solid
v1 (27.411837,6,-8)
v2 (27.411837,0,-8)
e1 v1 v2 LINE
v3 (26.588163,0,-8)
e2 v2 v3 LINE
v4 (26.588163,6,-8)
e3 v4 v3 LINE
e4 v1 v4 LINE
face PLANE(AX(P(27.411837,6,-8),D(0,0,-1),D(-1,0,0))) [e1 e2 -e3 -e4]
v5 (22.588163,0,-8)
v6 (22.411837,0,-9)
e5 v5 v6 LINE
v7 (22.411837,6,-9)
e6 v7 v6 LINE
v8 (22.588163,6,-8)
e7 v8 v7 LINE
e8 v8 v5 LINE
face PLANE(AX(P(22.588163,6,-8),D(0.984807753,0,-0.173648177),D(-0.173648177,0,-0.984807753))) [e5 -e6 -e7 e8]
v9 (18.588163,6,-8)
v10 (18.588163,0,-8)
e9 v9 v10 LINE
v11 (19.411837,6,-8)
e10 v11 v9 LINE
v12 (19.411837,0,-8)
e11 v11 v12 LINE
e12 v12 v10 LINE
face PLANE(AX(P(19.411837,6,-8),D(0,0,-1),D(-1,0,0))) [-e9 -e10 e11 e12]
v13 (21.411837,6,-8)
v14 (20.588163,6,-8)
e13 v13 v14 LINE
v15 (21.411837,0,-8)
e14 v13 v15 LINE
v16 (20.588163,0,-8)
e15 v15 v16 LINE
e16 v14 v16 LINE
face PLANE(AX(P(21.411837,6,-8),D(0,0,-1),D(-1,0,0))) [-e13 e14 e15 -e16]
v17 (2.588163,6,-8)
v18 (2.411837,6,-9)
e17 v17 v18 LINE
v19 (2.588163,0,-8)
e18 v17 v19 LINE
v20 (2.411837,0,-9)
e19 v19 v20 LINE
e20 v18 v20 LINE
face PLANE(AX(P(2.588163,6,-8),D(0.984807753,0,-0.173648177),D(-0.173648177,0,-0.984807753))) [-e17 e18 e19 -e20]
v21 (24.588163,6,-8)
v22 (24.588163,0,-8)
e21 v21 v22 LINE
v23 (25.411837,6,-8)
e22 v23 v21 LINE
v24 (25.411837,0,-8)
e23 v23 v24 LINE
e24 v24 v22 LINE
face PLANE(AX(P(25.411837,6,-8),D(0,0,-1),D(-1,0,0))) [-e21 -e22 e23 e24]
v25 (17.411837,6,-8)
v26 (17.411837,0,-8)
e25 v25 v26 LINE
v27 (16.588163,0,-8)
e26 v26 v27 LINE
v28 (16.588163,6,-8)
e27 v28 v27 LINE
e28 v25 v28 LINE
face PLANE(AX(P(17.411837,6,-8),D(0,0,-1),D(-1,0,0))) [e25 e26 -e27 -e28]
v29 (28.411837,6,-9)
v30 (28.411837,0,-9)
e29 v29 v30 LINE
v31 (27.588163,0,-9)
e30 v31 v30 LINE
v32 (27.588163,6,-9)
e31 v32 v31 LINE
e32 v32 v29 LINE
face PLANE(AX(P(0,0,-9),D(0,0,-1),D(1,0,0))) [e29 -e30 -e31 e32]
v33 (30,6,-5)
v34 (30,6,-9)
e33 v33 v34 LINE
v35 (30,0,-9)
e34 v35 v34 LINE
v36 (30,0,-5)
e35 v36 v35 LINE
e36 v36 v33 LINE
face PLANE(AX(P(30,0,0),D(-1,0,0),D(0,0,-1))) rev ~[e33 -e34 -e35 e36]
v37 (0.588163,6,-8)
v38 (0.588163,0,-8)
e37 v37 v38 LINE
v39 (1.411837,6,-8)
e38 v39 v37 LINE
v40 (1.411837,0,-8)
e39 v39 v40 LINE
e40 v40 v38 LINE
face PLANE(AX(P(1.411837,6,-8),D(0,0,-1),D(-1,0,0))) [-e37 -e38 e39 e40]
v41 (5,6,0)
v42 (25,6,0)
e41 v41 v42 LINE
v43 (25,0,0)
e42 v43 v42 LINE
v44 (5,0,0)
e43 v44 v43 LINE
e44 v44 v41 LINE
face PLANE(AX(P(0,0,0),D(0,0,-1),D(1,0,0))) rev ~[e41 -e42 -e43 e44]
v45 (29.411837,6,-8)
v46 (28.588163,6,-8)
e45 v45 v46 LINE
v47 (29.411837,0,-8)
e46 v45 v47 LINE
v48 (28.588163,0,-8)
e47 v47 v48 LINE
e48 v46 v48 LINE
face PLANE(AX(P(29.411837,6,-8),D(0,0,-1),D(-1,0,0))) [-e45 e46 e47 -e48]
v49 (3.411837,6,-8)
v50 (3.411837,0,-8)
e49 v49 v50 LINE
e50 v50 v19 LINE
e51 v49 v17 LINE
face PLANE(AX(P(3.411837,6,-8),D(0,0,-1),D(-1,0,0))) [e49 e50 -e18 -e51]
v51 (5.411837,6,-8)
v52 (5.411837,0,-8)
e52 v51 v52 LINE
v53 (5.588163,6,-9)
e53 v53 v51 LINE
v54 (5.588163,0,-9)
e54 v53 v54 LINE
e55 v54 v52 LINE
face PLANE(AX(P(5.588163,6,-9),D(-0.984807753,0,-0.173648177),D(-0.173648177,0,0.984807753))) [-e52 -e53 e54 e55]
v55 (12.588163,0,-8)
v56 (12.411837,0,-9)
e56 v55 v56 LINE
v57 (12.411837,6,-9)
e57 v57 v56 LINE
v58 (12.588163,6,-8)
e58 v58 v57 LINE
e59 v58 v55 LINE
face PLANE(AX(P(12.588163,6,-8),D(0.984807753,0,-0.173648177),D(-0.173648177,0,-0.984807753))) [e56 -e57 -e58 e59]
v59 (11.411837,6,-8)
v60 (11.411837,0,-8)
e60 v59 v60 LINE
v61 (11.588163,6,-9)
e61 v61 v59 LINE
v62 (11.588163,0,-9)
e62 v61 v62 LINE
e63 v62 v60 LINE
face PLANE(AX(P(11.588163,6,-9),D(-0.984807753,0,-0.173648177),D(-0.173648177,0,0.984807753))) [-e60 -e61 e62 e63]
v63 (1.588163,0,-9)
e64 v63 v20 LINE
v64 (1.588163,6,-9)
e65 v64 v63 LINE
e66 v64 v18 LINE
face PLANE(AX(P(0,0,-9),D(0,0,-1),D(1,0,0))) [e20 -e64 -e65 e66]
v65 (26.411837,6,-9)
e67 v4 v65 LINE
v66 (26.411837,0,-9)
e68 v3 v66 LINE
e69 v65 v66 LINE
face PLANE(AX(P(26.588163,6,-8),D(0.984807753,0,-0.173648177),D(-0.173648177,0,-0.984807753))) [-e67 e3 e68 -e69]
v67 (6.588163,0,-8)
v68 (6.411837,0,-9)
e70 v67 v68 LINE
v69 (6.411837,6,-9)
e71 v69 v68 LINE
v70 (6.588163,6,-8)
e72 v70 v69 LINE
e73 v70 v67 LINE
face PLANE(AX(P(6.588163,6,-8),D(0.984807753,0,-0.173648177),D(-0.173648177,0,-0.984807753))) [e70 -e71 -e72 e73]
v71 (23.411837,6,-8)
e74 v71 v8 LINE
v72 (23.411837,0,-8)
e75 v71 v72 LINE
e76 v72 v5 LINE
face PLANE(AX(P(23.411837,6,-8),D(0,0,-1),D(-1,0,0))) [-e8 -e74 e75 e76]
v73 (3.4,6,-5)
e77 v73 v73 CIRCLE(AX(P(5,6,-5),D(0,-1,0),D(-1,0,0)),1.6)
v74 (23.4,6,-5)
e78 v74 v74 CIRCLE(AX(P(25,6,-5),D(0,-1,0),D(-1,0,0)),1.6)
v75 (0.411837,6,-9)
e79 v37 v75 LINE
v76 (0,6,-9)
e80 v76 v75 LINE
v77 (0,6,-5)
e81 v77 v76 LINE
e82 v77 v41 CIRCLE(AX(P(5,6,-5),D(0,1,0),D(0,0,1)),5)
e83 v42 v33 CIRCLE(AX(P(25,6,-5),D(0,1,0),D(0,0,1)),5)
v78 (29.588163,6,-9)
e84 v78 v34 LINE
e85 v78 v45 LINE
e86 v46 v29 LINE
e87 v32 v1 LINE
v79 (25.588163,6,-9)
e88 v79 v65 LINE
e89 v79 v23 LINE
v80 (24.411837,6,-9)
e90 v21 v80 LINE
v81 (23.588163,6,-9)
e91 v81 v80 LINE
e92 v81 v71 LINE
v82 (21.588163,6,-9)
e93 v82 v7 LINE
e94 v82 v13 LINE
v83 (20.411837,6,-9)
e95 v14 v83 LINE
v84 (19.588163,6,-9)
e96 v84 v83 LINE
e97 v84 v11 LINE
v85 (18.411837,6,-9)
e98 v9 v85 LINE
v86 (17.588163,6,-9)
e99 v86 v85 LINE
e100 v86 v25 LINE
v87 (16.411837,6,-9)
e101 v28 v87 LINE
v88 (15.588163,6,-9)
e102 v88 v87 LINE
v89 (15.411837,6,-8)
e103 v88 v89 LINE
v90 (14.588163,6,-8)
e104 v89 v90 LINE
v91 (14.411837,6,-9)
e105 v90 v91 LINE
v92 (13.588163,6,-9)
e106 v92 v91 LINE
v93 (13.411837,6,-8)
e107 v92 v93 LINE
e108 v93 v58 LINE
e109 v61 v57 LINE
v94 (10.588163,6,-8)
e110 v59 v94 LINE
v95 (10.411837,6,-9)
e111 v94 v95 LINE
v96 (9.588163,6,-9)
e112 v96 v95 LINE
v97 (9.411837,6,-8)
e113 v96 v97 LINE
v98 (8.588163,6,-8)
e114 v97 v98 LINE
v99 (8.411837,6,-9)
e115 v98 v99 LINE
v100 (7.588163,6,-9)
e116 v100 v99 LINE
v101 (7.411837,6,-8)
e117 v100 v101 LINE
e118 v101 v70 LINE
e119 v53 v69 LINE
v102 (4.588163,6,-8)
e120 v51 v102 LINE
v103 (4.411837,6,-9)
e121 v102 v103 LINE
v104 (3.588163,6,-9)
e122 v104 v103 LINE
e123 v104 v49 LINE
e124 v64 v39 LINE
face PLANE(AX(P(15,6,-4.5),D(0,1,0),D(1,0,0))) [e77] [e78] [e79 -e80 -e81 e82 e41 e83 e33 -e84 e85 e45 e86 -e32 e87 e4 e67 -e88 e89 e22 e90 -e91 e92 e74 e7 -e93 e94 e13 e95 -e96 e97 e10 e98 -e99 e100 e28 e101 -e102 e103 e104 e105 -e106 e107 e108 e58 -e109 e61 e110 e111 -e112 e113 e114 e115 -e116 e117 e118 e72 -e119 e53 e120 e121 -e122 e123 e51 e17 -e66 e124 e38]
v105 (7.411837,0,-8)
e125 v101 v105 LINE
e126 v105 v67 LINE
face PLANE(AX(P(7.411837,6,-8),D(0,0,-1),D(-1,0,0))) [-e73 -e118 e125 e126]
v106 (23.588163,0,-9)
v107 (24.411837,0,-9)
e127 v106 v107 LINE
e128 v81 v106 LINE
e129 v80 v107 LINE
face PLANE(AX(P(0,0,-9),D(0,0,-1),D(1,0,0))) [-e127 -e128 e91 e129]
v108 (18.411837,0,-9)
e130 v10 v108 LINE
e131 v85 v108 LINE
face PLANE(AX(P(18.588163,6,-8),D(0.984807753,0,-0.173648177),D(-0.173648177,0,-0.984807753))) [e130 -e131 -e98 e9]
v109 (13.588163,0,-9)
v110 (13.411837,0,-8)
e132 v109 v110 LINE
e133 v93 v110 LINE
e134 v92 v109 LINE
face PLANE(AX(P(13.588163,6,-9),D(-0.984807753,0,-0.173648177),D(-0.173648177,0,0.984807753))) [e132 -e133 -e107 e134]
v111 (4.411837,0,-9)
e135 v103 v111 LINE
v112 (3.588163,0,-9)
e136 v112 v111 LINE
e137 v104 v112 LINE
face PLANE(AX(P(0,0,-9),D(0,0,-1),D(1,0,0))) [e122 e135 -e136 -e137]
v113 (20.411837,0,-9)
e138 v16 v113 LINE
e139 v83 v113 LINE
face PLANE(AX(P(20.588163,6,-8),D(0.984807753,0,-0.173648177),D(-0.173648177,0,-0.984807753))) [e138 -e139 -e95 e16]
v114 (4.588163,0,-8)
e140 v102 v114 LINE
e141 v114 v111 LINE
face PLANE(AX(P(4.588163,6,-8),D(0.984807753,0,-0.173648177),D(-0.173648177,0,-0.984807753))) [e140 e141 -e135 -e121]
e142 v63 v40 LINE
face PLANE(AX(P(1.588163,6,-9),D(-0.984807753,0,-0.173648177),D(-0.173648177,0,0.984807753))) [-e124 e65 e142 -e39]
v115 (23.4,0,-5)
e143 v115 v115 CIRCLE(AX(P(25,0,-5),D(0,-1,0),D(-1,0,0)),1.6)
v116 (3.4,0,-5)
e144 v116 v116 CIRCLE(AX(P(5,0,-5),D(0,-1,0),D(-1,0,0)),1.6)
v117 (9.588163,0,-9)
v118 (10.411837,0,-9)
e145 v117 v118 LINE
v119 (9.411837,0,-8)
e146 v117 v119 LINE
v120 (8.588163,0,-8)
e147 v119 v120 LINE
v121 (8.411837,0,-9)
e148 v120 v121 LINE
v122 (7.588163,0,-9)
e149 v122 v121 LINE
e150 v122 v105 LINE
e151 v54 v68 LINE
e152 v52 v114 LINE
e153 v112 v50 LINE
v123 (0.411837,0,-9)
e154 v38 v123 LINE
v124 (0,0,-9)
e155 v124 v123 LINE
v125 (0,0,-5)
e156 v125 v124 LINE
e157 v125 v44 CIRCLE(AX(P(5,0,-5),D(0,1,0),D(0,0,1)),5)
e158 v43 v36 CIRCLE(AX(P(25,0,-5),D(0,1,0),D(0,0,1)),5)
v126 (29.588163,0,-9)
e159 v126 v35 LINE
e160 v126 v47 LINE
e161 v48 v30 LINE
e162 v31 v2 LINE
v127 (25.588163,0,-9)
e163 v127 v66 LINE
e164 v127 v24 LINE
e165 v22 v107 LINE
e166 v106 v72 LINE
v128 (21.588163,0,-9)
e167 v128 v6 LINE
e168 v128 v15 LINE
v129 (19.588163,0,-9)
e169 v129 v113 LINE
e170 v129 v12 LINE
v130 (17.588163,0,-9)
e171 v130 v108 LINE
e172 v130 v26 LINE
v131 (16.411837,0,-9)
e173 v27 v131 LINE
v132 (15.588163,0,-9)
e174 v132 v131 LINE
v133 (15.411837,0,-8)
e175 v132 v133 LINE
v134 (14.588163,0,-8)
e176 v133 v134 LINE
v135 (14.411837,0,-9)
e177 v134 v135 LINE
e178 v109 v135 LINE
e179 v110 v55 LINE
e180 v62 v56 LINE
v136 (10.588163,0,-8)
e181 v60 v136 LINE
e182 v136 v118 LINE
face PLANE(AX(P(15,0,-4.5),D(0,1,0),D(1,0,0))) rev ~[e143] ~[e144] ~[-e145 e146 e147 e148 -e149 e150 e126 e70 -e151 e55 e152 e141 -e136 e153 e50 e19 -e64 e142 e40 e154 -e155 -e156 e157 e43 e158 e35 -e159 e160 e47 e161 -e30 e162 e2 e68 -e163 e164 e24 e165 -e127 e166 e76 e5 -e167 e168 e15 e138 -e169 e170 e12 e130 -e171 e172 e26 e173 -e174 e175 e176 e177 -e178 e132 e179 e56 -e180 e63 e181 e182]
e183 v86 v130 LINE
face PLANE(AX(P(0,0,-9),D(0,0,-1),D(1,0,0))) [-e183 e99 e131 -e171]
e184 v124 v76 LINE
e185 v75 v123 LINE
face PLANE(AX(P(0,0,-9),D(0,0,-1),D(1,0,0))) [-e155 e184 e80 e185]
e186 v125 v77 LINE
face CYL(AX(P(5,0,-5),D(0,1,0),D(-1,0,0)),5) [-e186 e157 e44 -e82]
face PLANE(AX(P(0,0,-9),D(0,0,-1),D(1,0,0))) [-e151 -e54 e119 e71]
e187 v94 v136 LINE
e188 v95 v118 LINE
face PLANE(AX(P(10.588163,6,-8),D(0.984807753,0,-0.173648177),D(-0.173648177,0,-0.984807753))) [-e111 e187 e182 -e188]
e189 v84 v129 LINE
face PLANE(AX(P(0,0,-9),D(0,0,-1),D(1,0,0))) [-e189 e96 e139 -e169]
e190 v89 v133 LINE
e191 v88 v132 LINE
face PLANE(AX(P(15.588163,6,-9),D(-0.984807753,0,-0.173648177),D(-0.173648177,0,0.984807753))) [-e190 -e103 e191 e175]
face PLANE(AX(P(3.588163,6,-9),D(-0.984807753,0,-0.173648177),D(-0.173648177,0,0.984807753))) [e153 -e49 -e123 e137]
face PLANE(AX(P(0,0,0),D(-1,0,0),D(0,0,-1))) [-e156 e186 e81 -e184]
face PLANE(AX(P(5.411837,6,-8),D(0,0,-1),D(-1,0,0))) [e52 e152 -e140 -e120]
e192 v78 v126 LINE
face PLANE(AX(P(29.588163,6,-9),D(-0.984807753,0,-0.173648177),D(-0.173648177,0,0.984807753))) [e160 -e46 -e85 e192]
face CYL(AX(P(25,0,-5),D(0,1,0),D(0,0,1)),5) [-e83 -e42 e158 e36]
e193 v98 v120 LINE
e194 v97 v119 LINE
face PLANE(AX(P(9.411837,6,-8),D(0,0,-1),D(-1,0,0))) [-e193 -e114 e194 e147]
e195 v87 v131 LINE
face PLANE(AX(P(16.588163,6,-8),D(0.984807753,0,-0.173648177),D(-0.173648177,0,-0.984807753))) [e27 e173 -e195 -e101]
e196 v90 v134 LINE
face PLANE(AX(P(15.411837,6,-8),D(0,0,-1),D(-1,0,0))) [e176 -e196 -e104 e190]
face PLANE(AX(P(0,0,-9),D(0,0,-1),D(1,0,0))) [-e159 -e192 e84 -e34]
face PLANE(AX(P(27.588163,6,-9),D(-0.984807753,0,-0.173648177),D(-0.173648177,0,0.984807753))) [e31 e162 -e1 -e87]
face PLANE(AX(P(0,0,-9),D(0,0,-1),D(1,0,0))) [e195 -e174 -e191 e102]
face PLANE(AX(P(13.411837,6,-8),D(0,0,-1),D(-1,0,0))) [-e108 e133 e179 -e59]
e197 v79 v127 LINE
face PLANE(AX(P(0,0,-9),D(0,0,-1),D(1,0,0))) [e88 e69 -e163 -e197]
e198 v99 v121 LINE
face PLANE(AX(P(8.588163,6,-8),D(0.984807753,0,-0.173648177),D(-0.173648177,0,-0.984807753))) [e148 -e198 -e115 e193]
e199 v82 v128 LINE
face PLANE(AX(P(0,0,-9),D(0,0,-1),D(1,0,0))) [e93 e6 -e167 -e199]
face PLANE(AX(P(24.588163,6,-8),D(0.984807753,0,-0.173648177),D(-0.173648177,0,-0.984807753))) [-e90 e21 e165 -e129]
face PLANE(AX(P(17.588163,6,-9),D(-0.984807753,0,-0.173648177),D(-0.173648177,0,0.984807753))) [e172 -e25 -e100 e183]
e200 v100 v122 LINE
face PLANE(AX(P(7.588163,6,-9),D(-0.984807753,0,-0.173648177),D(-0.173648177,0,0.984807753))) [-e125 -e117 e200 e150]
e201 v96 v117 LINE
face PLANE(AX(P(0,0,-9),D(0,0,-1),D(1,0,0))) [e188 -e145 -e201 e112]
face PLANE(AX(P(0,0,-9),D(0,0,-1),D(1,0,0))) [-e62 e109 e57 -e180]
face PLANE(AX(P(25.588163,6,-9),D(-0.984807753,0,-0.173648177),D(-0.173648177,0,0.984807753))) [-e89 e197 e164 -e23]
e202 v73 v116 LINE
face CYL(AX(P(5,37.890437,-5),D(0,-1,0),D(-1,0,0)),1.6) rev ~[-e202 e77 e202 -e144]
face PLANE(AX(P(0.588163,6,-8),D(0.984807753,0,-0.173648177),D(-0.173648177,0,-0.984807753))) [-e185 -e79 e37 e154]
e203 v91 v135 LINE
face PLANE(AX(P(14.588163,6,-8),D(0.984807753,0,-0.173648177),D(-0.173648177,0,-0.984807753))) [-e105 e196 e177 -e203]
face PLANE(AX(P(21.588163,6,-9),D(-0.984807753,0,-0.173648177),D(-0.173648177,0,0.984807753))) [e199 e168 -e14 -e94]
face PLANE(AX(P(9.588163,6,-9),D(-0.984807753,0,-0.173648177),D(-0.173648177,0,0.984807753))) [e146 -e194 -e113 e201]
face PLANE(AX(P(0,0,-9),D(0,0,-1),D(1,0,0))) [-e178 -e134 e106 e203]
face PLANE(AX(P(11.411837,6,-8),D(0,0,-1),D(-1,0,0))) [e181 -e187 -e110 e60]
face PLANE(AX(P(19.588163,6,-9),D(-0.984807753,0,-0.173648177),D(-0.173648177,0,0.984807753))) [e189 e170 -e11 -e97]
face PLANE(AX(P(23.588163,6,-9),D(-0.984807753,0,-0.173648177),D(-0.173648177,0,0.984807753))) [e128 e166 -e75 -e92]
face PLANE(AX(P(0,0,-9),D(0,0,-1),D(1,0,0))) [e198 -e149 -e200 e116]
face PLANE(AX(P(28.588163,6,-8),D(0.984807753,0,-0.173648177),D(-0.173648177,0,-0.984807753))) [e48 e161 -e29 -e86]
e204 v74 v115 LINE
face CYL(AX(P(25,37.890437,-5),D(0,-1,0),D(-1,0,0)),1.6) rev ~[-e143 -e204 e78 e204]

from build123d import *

# Parameters (mm, degrees)
SKETCH1_W            = 30
SKETCH1_H            = 9
BOSS_EXTRUDE1_DEPTH  = 6
CUT_EXTRUDE1_DEPTH   = 7
LPATTERN2_COUNT      = 8
LPATTERN2_PITCH      = 2
LPATTERN2_COL_COUNT  = 8
LPATTERN2_COL_PITCH  = 2
M3_CLEARANCE_HOLE1_D = 3.2
FILLET1_R            = 5


with BuildPart() as part:
    # Sketch1 → Boss-Extrude1 (new body)
    with BuildSketch(Plane(origin=(0, 0, 0), x_dir=(1, 0, 0), z_dir=(0, 1, 0))):
        with Locations((15, 4.5)):
            Rectangle(SKETCH1_W, SKETCH1_H)
    extrude(amount=BOSS_EXTRUDE1_DEPTH)

    # Sketch2 → Cut-Extrude1 (cut, through all)
    with BuildSketch(Plane(origin=(0, 6, 0), x_dir=(1, 0, 0), z_dir=(0, 1, 0))):
        Polygon((14.41183651, 9), (15.58816349, 9), (15.41183651, 8), (14.58816349, 8), align=None)
    cut_extrude1 = extrude(amount=-CUT_EXTRUDE1_DEPTH, mode=Mode.SUBTRACT)

    # LPattern2: Cut-Extrude1 ×8
    with Locations(*[(-i * LPATTERN2_PITCH, 0, 0) for i in range(1, LPATTERN2_COUNT)]):
        add(cut_extrude1, mode=Mode.SUBTRACT)

    # LPattern2 col: Cut-Extrude1 ×8
    with Locations(*[(i * LPATTERN2_COL_PITCH, 0, 0) for i in range(1, LPATTERN2_COL_COUNT)]):
        add(cut_extrude1, mode=Mode.SUBTRACT)

    # M3 Clearance Hole1 (through all)
    with Locations(Plane(origin=(0, 6, 0), x_dir=(1, 0, 0), z_dir=(0, 1, 0))):
        with Locations((5, 5), (25, 5)):
            Hole(M3_CLEARANCE_HOLE1_D / 2)

    # Fillet1
    fillet1_edges = [part.edges().sort_by_distance(p)[0] for p in [
        (30, 3, 0),
        (0, 3, 0),
    ]]
    fillet(fillet1_edges, radius=FILLET1_R)


solid = part.part
